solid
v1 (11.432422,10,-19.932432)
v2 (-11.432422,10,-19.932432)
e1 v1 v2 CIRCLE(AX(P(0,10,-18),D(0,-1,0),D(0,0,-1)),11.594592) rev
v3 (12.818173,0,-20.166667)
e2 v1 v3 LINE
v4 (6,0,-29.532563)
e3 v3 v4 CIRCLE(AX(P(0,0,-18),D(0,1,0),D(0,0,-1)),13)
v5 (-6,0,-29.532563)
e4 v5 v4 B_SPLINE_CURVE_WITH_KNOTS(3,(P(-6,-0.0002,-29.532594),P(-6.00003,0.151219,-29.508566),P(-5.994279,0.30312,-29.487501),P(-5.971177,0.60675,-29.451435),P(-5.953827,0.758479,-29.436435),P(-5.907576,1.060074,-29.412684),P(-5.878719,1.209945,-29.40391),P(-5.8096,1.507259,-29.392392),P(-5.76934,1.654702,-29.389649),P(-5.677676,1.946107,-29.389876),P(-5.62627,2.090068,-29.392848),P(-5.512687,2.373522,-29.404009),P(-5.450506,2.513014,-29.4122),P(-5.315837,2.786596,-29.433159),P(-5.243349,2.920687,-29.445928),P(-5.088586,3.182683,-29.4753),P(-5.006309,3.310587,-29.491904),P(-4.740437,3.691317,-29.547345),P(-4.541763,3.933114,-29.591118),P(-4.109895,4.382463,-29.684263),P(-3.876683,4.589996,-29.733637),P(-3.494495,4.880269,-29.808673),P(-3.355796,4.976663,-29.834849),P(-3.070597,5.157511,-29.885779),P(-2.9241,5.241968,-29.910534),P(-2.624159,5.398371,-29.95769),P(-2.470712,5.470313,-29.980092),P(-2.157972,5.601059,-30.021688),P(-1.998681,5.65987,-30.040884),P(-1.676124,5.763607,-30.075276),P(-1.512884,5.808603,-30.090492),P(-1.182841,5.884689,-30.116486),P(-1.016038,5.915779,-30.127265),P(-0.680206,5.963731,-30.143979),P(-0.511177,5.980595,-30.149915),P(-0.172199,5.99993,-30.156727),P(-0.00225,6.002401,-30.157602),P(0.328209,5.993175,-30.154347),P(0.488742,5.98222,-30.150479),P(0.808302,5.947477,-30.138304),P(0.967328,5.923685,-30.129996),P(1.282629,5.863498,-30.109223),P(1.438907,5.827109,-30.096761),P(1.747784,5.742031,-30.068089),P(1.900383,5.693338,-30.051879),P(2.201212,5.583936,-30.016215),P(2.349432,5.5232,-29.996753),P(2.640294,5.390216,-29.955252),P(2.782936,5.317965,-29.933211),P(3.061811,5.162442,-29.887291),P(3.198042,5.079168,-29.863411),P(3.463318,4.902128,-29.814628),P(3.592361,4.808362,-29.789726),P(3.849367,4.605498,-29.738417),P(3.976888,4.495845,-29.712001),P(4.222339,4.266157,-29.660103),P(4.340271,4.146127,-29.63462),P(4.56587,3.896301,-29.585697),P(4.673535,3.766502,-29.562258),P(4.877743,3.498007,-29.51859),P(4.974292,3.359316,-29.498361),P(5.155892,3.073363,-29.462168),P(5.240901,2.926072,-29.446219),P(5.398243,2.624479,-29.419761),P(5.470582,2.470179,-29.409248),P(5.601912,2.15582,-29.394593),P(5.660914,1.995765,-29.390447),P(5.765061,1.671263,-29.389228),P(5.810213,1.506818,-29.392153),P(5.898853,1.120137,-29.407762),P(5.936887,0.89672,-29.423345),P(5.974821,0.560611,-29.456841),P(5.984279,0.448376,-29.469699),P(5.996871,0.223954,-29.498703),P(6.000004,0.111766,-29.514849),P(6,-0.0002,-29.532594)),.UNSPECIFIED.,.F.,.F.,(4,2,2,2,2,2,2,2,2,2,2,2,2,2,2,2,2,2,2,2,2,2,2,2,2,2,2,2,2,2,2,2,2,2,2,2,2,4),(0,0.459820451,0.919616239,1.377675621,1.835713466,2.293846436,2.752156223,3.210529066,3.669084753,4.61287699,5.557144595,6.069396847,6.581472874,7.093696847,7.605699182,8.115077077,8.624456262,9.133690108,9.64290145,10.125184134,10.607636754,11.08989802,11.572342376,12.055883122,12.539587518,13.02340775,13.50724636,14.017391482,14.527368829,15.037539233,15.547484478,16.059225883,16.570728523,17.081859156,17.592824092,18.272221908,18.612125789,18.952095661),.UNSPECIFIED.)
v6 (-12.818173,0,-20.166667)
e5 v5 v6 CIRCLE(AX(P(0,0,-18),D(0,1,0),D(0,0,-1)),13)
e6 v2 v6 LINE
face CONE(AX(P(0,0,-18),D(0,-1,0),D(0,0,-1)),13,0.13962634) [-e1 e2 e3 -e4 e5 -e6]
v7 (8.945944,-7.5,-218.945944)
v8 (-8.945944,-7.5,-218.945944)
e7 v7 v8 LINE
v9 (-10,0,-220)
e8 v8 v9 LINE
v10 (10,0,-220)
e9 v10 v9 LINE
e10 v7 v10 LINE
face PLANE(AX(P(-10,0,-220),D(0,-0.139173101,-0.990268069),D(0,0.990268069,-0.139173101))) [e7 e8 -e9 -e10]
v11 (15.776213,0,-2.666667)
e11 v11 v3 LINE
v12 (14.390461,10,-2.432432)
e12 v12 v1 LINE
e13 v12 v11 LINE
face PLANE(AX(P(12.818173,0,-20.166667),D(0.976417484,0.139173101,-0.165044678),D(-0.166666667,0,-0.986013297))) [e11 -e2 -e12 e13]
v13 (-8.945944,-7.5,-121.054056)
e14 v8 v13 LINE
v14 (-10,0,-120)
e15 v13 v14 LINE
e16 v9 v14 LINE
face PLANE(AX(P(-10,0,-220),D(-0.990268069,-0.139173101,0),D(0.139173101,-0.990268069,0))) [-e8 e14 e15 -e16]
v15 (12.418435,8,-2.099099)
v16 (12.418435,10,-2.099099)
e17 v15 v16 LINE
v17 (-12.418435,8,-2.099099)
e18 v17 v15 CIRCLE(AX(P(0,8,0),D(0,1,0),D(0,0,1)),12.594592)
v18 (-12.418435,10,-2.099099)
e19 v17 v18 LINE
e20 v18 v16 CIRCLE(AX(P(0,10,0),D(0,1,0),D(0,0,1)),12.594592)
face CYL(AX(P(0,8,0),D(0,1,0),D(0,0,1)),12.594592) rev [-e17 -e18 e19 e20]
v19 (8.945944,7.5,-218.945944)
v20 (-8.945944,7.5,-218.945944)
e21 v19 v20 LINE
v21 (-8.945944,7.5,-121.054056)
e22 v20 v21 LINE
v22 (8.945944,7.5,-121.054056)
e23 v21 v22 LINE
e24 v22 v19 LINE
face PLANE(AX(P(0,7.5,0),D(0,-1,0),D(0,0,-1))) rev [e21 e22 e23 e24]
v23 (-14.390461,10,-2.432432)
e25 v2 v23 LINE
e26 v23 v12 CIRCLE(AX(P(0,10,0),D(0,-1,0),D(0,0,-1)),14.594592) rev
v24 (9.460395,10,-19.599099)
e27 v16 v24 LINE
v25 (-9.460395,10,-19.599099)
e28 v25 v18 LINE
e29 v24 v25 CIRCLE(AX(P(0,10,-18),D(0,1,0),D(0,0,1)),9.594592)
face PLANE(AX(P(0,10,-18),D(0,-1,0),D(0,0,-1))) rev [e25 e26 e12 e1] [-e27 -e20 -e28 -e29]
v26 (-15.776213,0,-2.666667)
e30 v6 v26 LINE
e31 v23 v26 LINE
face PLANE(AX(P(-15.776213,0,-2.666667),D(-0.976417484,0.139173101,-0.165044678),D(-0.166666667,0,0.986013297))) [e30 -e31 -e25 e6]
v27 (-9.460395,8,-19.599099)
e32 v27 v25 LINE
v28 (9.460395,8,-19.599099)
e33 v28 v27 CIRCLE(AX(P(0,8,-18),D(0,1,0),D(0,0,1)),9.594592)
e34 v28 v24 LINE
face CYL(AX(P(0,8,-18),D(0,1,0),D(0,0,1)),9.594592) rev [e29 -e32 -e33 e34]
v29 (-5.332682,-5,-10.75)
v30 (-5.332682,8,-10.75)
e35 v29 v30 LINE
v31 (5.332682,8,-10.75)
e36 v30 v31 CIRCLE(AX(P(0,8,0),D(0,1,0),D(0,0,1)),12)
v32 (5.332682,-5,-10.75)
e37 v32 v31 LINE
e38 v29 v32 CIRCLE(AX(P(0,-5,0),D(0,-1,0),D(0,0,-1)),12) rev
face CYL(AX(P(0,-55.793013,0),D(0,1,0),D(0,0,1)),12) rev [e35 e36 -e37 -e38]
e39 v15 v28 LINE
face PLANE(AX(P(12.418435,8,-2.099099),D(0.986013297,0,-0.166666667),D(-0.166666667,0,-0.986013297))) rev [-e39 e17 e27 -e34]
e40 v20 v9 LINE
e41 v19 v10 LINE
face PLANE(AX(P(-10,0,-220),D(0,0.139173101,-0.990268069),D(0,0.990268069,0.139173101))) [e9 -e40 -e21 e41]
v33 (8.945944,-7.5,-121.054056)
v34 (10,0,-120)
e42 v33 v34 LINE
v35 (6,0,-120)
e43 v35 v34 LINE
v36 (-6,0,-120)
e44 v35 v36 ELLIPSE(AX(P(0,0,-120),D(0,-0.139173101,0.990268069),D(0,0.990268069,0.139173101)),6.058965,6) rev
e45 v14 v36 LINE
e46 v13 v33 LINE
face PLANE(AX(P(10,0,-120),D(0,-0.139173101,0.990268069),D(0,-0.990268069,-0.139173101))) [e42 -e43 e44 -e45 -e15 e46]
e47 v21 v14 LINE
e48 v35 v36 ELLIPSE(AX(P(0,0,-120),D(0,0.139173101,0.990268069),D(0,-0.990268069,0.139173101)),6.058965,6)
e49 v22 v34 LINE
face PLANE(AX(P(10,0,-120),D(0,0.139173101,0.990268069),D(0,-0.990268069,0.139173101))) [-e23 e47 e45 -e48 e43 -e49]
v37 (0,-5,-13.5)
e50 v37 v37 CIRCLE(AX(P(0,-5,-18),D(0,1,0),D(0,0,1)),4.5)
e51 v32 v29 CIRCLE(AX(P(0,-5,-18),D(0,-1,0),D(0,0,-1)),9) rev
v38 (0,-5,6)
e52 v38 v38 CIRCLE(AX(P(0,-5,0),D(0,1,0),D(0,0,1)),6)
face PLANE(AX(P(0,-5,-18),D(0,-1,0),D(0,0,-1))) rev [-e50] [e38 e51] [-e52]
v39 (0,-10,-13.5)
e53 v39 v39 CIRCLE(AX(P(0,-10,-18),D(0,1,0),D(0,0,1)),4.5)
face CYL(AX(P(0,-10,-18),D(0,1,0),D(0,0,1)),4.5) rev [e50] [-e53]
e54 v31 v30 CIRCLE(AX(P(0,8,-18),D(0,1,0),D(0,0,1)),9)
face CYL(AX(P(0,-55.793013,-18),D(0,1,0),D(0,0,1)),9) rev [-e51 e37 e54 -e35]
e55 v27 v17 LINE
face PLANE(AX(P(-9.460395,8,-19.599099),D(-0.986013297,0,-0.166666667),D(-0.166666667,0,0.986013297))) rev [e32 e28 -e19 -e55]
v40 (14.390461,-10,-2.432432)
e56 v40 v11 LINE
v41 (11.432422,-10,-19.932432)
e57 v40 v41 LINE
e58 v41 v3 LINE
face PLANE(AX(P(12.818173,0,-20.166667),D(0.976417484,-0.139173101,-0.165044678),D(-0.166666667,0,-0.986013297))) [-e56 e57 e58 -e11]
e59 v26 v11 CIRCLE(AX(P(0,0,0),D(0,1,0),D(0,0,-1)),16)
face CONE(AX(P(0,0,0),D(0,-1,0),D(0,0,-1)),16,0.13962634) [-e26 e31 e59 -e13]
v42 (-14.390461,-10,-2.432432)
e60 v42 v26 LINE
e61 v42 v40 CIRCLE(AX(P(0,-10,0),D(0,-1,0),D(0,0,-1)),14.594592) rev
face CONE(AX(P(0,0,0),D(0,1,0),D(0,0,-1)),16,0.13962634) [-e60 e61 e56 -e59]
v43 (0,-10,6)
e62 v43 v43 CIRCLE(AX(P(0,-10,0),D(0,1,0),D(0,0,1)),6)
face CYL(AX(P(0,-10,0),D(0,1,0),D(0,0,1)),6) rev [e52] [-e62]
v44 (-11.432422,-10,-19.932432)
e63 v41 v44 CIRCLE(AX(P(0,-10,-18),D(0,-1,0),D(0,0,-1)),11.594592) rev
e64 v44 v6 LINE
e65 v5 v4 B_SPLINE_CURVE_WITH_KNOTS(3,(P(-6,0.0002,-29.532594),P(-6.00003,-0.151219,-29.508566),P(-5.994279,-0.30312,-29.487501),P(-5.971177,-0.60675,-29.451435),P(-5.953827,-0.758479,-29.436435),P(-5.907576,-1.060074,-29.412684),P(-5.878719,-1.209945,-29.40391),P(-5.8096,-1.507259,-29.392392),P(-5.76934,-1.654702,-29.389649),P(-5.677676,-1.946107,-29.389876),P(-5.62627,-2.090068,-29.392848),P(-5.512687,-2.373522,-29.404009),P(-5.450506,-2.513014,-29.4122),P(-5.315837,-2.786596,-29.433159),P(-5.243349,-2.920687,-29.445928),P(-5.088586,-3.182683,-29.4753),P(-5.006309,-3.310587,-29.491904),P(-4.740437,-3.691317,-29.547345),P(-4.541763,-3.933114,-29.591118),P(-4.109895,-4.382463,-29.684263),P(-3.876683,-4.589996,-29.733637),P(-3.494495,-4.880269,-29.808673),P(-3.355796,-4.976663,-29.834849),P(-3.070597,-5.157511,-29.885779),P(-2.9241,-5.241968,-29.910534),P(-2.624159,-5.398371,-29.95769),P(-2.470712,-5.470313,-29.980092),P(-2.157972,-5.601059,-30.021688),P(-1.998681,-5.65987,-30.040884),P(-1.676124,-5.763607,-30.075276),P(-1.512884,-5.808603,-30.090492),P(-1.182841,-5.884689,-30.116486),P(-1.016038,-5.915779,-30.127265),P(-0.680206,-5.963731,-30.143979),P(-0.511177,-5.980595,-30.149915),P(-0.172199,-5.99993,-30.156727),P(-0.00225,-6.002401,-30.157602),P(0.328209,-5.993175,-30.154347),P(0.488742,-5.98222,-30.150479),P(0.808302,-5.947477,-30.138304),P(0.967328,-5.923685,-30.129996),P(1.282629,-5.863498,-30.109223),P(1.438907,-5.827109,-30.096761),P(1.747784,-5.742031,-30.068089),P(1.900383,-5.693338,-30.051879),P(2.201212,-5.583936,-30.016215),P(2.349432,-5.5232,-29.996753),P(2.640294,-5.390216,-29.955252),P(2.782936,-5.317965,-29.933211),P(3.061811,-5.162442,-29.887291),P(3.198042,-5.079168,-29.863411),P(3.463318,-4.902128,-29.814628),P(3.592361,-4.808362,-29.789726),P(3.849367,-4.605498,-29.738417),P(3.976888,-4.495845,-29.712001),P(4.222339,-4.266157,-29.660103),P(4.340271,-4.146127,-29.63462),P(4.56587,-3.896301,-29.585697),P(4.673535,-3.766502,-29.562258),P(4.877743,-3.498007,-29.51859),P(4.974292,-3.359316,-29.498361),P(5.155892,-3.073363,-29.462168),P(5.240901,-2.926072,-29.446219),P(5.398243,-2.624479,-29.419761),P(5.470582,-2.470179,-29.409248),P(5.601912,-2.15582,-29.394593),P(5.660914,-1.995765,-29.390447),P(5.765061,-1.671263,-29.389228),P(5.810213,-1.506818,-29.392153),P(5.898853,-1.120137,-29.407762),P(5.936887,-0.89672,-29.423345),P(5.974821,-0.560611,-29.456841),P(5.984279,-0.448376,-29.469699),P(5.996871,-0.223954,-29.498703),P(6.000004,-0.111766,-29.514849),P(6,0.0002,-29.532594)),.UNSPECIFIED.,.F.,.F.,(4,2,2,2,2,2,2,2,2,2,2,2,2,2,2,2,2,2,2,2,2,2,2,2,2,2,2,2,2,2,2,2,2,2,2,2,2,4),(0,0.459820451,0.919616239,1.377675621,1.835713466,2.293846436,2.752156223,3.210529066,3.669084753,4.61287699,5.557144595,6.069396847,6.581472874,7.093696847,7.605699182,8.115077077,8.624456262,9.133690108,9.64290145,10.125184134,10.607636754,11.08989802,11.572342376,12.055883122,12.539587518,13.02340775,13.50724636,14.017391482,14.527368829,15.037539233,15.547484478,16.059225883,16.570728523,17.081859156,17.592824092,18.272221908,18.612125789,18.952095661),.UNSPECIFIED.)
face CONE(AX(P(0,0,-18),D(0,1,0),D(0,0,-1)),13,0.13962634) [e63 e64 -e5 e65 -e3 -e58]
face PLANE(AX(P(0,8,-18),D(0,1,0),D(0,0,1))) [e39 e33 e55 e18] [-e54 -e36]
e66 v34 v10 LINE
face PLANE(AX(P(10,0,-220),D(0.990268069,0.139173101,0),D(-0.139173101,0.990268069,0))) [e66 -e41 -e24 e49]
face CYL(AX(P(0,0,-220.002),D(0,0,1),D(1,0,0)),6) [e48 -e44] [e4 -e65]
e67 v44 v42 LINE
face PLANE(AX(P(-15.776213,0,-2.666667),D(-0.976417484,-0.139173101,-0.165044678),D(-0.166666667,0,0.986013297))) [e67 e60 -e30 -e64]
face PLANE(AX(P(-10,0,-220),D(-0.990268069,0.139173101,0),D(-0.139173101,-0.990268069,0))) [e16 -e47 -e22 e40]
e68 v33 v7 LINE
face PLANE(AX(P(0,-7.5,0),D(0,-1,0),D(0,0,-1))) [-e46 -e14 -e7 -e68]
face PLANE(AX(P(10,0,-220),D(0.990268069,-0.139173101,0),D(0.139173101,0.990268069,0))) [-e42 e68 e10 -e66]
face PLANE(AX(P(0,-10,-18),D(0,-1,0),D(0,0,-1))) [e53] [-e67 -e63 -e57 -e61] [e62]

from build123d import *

# Parameters (mm, degrees)
CROQUIS1_W                        = 20
CROQUIS1_H                        = 100
MANGO_DEPTH                       = 7.5
MANGO_TAPER                       = 8
MANGO_OTHER_WAY_DEPTH             = 7.5
MANGO_OTHER_WAY_TAPER             = 8
TRANSICION_REACH                  = 222.355
CROQUIS2_R                        = 6
SALIENTE_EXTRUIR3_DEPTH           = 10
SALIENTE_EXTRUIR3_TAPER           = 8
SALIENTE_EXTRUIR3_OTHER_WAY_DEPTH = 10
SALIENTE_EXTRUIR3_OTHER_WAY_TAPER = 8
CORTAR_EXTRUIR1_DEPTH             = 2
CORTAR_EXTRUIR2_DEPTH             = 13
CROQUIS6_R                        = 4.5
CORTAR_EXTRUIR3_DEPTH             = 5
CROQUIS7_R                        = 6
CORTAR_EXTRUIR4_DEPTH             = 5


with BuildPart() as part:
    # Croquis1 → Mango (new body)
    with BuildSketch(Plane(origin=(0, 0, 0), x_dir=(1, 0, 0), z_dir=(0, 1, 0))):
        with Locations((0, 170)):
            Rectangle(CROQUIS1_W, CROQUIS1_H)
    extrude(amount=MANGO_DEPTH, taper=MANGO_TAPER)

    # Croquis1 → Mango other way (add)
    with BuildSketch(Plane(origin=(0, 0, 0), x_dir=(1, 0, 0), z_dir=(0, 1, 0))):
        with Locations((0, 170)):
            Rectangle(CROQUIS1_W, CROQUIS1_H)
    extrude(amount=-MANGO_OTHER_WAY_DEPTH, taper=MANGO_OTHER_WAY_TAPER)

    # Croquis2 → Transicion (add, up to next)
    with BuildSketch(Plane.XY, mode=Mode.PRIVATE) as transicion_sk1:
        Circle(CROQUIS2_R)
    transicion_tool1 = extrude(transicion_sk1.sketch, amount=-TRANSICION_REACH, mode=Mode.PRIVATE) - part.part
    add(transicion_tool1.solids().sort_by_distance((0, 0, 0))[0])

    # Croquis3 → Saliente-Extruir3 (add)
    with BuildSketch(Plane(origin=(0, 0, 0), x_dir=(1, 0, 0), z_dir=(0, 1, 0))):
        with BuildLine():
            ThreePointArc((12.818172863, 20.166666667), (0, 31), (-12.818172863, 20.166666667))
            Line((-12.818172863, 20.166666667), (-15.776212755, 2.666666667))
            ThreePointArc((-15.776212755, 2.666666667), (0, -16), (15.776212755, 2.666666667))
            Line((15.776212755, 2.666666667), (12.818172863, 20.166666667))
        make_face()
    extrude(amount=SALIENTE_EXTRUIR3_DEPTH, taper=SALIENTE_EXTRUIR3_TAPER)

    # Croquis3 → Saliente-Extruir3 other way (add)
    with BuildSketch(Plane(origin=(0, 0, 0), x_dir=(1, 0, 0), z_dir=(0, 1, 0))):
        with BuildLine():
            ThreePointArc((12.818172863, 20.166666667), (0, 31), (-12.818172863, 20.166666667))
            Line((-12.818172863, 20.166666667), (-15.776212755, 2.666666667))
            ThreePointArc((-15.776212755, 2.666666667), (0, -16), (15.776212755, 2.666666667))
            Line((15.776212755, 2.666666667), (12.818172863, 20.166666667))
        make_face()
    extrude(amount=-SALIENTE_EXTRUIR3_OTHER_WAY_DEPTH, taper=SALIENTE_EXTRUIR3_OTHER_WAY_TAPER)

    # Croquis4 → Cortar-Extruir1 (cut)
    with BuildSketch(Plane(origin=(0, 10, 0), x_dir=(1, 0, 0), z_dir=(0, 1, 0))):
        with BuildLine():
            Line((-9.460394951, 19.599098609), (-12.418434842, 2.099098609))
            ThreePointArc((-12.418434842, 2.099098609), (0, -12.594591653), (12.418434842, 2.099098609))
            Line((12.418434842, 2.099098609), (9.460394951, 19.599098609))
            ThreePointArc((9.460394951, 19.599098609), (0, 27.594591653), (-9.460394951, 19.599098609))
        make_face()
    extrude(amount=-CORTAR_EXTRUIR1_DEPTH, mode=Mode.SUBTRACT)

    # Croquis5 → Cortar-Extruir2 (cut)
    with BuildSketch(Plane(origin=(0, 8, 0), x_dir=(1, 0, 0), z_dir=(0, 1, 0))):
        with BuildLine():
            ThreePointArc((5.332682252, 10.75), (0, 27), (-5.332682252, 10.75))
            ThreePointArc((-5.332682252, 10.75), (0, -12), (5.332682252, 10.75))
        make_face()
    extrude(amount=-CORTAR_EXTRUIR2_DEPTH, mode=Mode.SUBTRACT)

    # Croquis6 → Cortar-Extruir3 (cut)
    with BuildSketch(Plane(origin=(0, -5, 0), x_dir=(1, 0, 0), z_dir=(0, 1, 0))):
        with Locations(Location((0, 18, 0), (0, 0, 270))):
            Circle(CROQUIS6_R)
    extrude(amount=-CORTAR_EXTRUIR3_DEPTH, mode=Mode.SUBTRACT)

    # Croquis7 → Cortar-Extruir4 (cut)
    with BuildSketch(Plane(origin=(0, -5, 0), x_dir=(1, 0, 0), z_dir=(0, 1, 0))):
        with Locations(Location((0, 0, 0), (0, 0, 270))):
            Circle(CROQUIS7_R)
    extrude(amount=-CORTAR_EXTRUIR4_DEPTH, mode=Mode.SUBTRACT)


solid = part.part
